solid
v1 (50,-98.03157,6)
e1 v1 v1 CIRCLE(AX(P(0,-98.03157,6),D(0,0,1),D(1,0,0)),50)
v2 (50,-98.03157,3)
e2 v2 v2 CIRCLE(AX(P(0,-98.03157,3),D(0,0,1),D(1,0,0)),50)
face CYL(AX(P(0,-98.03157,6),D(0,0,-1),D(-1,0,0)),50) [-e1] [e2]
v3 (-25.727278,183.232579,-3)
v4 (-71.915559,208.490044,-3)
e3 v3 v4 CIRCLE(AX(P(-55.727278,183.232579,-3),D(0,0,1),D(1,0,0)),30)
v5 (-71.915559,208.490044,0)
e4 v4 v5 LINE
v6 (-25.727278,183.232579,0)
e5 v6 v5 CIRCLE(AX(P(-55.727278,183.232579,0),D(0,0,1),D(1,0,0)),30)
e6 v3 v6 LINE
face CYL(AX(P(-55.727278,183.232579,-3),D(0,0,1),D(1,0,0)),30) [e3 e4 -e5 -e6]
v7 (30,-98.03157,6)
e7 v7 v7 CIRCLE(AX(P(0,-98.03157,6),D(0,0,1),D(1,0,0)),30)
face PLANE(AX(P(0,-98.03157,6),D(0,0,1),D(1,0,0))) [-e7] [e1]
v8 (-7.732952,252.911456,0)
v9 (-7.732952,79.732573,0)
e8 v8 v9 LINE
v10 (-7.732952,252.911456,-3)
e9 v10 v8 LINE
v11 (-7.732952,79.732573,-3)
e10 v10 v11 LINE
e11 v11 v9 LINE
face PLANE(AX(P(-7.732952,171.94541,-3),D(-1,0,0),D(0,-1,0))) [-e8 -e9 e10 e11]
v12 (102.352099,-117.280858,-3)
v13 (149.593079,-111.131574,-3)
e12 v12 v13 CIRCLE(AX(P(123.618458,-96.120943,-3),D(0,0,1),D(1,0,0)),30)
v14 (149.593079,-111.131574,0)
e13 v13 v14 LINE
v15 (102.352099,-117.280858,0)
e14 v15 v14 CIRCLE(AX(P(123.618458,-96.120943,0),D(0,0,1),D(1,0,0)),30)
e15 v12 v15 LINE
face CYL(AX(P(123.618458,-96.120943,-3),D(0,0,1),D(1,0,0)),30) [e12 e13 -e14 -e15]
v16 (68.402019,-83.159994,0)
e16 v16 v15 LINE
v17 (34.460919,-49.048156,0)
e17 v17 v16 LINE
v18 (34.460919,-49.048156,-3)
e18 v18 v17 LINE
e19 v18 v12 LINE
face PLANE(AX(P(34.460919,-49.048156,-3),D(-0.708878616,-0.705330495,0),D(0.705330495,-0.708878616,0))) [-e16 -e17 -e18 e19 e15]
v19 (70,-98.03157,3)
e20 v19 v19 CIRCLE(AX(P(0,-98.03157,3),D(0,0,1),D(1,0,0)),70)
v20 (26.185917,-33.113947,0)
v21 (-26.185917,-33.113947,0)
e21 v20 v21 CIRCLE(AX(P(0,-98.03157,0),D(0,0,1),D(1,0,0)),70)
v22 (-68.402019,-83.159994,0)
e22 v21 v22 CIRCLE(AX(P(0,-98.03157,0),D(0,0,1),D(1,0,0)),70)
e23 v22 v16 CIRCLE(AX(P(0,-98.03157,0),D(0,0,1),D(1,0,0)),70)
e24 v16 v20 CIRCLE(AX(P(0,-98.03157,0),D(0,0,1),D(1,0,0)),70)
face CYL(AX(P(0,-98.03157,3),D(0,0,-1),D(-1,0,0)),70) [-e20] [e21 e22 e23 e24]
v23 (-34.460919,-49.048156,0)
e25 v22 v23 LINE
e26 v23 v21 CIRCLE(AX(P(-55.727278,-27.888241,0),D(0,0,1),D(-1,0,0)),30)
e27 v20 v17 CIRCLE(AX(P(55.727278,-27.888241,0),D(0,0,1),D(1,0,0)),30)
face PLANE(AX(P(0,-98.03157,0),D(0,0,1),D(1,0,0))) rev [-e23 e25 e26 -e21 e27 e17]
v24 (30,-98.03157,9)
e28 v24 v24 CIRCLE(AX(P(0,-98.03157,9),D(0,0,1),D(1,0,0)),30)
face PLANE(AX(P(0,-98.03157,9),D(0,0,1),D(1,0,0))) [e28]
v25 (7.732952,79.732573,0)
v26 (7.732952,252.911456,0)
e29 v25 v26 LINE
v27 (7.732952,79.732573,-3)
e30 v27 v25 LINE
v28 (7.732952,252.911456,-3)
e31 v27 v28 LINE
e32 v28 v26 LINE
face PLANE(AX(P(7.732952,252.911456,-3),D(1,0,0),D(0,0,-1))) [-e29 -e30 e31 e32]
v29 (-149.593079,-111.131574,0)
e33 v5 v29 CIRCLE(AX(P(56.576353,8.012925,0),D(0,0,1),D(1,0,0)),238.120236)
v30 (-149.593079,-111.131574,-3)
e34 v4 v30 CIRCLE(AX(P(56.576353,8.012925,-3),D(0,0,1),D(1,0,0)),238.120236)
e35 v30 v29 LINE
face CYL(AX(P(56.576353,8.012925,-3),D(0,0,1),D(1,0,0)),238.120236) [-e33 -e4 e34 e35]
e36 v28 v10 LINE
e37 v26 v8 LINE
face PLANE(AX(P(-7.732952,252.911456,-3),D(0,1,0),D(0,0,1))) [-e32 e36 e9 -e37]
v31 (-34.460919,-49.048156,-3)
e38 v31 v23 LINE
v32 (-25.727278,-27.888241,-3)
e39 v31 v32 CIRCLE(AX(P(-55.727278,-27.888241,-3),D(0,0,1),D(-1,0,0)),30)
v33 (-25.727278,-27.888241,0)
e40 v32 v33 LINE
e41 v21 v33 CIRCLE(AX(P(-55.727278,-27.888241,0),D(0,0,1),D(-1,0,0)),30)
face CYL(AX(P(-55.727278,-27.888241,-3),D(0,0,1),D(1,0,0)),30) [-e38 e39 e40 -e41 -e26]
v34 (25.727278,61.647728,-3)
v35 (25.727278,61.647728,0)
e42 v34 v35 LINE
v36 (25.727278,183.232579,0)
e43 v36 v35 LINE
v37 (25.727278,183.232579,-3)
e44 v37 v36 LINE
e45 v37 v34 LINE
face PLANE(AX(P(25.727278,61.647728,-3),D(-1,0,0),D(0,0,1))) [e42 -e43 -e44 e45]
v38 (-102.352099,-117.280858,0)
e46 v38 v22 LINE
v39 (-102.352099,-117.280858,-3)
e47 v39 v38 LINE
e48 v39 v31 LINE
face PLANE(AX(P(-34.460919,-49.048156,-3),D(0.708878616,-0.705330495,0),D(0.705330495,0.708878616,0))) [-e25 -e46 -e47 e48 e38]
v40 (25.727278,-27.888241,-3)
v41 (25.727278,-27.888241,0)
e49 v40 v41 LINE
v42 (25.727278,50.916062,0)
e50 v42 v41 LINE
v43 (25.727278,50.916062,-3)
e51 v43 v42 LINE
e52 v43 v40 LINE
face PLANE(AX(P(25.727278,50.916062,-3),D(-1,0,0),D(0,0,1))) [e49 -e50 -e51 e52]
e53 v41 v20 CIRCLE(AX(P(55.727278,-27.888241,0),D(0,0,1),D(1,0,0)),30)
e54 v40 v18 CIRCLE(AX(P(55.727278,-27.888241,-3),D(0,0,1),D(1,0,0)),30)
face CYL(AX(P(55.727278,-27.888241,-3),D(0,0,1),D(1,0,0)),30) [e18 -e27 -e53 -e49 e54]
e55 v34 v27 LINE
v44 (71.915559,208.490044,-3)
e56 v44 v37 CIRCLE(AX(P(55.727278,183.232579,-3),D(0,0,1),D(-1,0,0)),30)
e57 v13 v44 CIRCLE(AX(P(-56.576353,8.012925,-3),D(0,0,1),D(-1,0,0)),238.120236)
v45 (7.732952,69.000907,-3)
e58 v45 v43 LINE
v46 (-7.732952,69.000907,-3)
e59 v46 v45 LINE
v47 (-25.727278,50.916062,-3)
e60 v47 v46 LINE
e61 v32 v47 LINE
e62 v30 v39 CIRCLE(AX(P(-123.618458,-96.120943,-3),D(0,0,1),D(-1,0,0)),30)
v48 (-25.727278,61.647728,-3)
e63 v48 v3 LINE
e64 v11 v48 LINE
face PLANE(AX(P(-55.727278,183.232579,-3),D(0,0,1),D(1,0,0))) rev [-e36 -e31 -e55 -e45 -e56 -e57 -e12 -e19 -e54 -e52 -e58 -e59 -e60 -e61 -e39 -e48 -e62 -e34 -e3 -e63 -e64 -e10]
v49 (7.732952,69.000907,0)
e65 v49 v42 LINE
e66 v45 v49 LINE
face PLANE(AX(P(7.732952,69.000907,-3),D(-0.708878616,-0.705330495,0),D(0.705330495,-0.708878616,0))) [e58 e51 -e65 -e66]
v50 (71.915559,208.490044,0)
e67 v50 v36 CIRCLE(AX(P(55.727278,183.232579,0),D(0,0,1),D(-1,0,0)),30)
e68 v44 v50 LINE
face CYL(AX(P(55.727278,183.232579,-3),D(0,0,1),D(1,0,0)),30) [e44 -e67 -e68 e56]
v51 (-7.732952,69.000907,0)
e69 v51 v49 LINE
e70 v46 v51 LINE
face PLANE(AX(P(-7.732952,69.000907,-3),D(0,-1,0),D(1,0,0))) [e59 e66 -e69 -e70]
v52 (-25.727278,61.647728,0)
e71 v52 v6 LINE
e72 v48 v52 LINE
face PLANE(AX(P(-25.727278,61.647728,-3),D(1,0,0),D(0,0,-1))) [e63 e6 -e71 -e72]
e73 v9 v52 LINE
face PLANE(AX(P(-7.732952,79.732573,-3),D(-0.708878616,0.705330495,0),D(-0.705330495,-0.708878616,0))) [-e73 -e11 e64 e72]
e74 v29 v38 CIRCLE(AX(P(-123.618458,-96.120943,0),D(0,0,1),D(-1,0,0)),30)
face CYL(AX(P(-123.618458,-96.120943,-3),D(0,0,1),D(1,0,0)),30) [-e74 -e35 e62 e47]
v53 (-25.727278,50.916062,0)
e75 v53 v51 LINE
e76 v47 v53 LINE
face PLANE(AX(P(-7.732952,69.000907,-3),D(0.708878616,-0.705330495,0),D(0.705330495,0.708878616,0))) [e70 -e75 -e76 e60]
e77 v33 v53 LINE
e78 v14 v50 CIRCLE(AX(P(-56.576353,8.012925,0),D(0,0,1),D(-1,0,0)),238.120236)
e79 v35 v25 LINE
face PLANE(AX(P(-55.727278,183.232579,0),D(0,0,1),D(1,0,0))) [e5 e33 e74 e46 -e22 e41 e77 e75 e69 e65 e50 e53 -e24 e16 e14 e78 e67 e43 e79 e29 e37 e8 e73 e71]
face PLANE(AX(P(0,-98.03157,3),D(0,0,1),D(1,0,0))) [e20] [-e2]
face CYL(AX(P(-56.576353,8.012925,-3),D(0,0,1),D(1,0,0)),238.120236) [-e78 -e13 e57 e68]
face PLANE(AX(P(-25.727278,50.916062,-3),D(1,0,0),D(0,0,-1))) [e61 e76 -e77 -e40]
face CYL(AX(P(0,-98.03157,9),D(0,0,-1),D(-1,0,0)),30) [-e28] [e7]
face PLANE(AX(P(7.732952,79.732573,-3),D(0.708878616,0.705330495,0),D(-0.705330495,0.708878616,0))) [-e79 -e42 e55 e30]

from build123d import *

# Parameters (mm, degrees)
BOSS_EXTRUDE2_DEPTH = 3
SKETCH4_R           = 70
BOSS_EXTRUDE3_DEPTH = 3
SKETCH5_R           = 50
BOSS_EXTRUDE4_DEPTH = 3
SKETCH6_R           = 30
BOSS_EXTRUDE5_DEPTH = 3


with BuildPart() as part:
    # Sketch3 → Boss-Extrude2 (new body)
    with BuildSketch(Plane.XY):
        with BuildLine():
            Line((-7.732951968, 171.945409862), (-7.732951968, 79.732573414))
            Line((-7.732951968, 79.732573414), (-25.727277728, 61.647728335))
            Line((-25.727277728, 61.647728335), (-25.727277728, 183.232578721))
            ThreePointArc((-25.727277728, 183.232578721), (-41.33367569, 209.554133014), (-71.915559085, 208.490043889))
            ThreePointArc((-71.915559085, 208.490043889), (-174.808712355, 64.246349724), (-149.59307925, -111.131574039))
            ThreePointArc((-149.59307925, -111.131574039), (-127.490841861, -125.869970667), (-102.352099339, -117.280857953))
            Line((-102.352099339, -117.280857953), (-34.460919249, -49.048155569))
            ThreePointArc((-34.460919249, -49.048155569), (-27.996511832, -39.333965794), (-25.727277728, -27.888240705))
            Line((-25.727277728, -27.888240705), (-25.727277728, 50.916062024))
            Line((-25.727277728, 50.916062024), (-7.732951969, 69.000907103))
            Line((-7.732951969, 69.000907103), (7.732951969, 69.000907103))
            Line((7.732951969, 69.000907103), (25.727277728, 50.916062024))
            Line((25.727277728, 50.916062024), (25.727277728, -27.888240705))
            ThreePointArc((25.727277728, -27.888240705), (27.996511832, -39.333965794), (34.460919249, -49.048155569))
            Line((34.460919249, -49.048155569), (102.352099339, -117.280857953))
            ThreePointArc((102.352099339, -117.280857953), (127.490841861, -125.869970667), (149.59307925, -111.131574039))
            ThreePointArc((149.59307925, -111.131574039), (174.808712355, 64.246349724), (71.915559085, 208.490043889))
            ThreePointArc((71.915559085, 208.490043889), (41.33367569, 209.554133014), (25.727277728, 183.232578721))
            Line((25.727277728, 183.232578721), (25.727277728, 61.647728335))
            Line((25.727277728, 61.647728335), (7.732951968, 79.732573414))
            Line((7.732951968, 79.732573414), (7.732951968, 171.945409862))
            Line((7.732951968, 171.945409862), (7.732951968, 252.911456322))
            Line((7.732951968, 252.911456322), (-7.732951968, 252.911456322))
            Line((-7.732951968, 252.911456322), (-7.732951968, 171.945409862))
        make_face()
    extrude(amount=-BOSS_EXTRUDE2_DEPTH)

    # Sketch4 → Boss-Extrude3 (add)
    with BuildSketch(Plane.XY):
        with Locations(Location((0, -98.03156951, 0), (0, 0, 167.733969659))):
            Circle(SKETCH4_R)
    extrude(amount=BOSS_EXTRUDE3_DEPTH)

    # Sketch5 → Boss-Extrude4 (add)
    with BuildSketch(Plane.XY.offset(3)):
        with Locations((0, -98.03156951)):
            Circle(SKETCH5_R)
    extrude(amount=BOSS_EXTRUDE4_DEPTH)

    # Sketch6 → Boss-Extrude5 (add)
    with BuildSketch(Plane.XY.offset(6)):
        with Locations((0, -98.03156951)):
            Circle(SKETCH6_R)
    extrude(amount=BOSS_EXTRUDE5_DEPTH)


solid = part.part
